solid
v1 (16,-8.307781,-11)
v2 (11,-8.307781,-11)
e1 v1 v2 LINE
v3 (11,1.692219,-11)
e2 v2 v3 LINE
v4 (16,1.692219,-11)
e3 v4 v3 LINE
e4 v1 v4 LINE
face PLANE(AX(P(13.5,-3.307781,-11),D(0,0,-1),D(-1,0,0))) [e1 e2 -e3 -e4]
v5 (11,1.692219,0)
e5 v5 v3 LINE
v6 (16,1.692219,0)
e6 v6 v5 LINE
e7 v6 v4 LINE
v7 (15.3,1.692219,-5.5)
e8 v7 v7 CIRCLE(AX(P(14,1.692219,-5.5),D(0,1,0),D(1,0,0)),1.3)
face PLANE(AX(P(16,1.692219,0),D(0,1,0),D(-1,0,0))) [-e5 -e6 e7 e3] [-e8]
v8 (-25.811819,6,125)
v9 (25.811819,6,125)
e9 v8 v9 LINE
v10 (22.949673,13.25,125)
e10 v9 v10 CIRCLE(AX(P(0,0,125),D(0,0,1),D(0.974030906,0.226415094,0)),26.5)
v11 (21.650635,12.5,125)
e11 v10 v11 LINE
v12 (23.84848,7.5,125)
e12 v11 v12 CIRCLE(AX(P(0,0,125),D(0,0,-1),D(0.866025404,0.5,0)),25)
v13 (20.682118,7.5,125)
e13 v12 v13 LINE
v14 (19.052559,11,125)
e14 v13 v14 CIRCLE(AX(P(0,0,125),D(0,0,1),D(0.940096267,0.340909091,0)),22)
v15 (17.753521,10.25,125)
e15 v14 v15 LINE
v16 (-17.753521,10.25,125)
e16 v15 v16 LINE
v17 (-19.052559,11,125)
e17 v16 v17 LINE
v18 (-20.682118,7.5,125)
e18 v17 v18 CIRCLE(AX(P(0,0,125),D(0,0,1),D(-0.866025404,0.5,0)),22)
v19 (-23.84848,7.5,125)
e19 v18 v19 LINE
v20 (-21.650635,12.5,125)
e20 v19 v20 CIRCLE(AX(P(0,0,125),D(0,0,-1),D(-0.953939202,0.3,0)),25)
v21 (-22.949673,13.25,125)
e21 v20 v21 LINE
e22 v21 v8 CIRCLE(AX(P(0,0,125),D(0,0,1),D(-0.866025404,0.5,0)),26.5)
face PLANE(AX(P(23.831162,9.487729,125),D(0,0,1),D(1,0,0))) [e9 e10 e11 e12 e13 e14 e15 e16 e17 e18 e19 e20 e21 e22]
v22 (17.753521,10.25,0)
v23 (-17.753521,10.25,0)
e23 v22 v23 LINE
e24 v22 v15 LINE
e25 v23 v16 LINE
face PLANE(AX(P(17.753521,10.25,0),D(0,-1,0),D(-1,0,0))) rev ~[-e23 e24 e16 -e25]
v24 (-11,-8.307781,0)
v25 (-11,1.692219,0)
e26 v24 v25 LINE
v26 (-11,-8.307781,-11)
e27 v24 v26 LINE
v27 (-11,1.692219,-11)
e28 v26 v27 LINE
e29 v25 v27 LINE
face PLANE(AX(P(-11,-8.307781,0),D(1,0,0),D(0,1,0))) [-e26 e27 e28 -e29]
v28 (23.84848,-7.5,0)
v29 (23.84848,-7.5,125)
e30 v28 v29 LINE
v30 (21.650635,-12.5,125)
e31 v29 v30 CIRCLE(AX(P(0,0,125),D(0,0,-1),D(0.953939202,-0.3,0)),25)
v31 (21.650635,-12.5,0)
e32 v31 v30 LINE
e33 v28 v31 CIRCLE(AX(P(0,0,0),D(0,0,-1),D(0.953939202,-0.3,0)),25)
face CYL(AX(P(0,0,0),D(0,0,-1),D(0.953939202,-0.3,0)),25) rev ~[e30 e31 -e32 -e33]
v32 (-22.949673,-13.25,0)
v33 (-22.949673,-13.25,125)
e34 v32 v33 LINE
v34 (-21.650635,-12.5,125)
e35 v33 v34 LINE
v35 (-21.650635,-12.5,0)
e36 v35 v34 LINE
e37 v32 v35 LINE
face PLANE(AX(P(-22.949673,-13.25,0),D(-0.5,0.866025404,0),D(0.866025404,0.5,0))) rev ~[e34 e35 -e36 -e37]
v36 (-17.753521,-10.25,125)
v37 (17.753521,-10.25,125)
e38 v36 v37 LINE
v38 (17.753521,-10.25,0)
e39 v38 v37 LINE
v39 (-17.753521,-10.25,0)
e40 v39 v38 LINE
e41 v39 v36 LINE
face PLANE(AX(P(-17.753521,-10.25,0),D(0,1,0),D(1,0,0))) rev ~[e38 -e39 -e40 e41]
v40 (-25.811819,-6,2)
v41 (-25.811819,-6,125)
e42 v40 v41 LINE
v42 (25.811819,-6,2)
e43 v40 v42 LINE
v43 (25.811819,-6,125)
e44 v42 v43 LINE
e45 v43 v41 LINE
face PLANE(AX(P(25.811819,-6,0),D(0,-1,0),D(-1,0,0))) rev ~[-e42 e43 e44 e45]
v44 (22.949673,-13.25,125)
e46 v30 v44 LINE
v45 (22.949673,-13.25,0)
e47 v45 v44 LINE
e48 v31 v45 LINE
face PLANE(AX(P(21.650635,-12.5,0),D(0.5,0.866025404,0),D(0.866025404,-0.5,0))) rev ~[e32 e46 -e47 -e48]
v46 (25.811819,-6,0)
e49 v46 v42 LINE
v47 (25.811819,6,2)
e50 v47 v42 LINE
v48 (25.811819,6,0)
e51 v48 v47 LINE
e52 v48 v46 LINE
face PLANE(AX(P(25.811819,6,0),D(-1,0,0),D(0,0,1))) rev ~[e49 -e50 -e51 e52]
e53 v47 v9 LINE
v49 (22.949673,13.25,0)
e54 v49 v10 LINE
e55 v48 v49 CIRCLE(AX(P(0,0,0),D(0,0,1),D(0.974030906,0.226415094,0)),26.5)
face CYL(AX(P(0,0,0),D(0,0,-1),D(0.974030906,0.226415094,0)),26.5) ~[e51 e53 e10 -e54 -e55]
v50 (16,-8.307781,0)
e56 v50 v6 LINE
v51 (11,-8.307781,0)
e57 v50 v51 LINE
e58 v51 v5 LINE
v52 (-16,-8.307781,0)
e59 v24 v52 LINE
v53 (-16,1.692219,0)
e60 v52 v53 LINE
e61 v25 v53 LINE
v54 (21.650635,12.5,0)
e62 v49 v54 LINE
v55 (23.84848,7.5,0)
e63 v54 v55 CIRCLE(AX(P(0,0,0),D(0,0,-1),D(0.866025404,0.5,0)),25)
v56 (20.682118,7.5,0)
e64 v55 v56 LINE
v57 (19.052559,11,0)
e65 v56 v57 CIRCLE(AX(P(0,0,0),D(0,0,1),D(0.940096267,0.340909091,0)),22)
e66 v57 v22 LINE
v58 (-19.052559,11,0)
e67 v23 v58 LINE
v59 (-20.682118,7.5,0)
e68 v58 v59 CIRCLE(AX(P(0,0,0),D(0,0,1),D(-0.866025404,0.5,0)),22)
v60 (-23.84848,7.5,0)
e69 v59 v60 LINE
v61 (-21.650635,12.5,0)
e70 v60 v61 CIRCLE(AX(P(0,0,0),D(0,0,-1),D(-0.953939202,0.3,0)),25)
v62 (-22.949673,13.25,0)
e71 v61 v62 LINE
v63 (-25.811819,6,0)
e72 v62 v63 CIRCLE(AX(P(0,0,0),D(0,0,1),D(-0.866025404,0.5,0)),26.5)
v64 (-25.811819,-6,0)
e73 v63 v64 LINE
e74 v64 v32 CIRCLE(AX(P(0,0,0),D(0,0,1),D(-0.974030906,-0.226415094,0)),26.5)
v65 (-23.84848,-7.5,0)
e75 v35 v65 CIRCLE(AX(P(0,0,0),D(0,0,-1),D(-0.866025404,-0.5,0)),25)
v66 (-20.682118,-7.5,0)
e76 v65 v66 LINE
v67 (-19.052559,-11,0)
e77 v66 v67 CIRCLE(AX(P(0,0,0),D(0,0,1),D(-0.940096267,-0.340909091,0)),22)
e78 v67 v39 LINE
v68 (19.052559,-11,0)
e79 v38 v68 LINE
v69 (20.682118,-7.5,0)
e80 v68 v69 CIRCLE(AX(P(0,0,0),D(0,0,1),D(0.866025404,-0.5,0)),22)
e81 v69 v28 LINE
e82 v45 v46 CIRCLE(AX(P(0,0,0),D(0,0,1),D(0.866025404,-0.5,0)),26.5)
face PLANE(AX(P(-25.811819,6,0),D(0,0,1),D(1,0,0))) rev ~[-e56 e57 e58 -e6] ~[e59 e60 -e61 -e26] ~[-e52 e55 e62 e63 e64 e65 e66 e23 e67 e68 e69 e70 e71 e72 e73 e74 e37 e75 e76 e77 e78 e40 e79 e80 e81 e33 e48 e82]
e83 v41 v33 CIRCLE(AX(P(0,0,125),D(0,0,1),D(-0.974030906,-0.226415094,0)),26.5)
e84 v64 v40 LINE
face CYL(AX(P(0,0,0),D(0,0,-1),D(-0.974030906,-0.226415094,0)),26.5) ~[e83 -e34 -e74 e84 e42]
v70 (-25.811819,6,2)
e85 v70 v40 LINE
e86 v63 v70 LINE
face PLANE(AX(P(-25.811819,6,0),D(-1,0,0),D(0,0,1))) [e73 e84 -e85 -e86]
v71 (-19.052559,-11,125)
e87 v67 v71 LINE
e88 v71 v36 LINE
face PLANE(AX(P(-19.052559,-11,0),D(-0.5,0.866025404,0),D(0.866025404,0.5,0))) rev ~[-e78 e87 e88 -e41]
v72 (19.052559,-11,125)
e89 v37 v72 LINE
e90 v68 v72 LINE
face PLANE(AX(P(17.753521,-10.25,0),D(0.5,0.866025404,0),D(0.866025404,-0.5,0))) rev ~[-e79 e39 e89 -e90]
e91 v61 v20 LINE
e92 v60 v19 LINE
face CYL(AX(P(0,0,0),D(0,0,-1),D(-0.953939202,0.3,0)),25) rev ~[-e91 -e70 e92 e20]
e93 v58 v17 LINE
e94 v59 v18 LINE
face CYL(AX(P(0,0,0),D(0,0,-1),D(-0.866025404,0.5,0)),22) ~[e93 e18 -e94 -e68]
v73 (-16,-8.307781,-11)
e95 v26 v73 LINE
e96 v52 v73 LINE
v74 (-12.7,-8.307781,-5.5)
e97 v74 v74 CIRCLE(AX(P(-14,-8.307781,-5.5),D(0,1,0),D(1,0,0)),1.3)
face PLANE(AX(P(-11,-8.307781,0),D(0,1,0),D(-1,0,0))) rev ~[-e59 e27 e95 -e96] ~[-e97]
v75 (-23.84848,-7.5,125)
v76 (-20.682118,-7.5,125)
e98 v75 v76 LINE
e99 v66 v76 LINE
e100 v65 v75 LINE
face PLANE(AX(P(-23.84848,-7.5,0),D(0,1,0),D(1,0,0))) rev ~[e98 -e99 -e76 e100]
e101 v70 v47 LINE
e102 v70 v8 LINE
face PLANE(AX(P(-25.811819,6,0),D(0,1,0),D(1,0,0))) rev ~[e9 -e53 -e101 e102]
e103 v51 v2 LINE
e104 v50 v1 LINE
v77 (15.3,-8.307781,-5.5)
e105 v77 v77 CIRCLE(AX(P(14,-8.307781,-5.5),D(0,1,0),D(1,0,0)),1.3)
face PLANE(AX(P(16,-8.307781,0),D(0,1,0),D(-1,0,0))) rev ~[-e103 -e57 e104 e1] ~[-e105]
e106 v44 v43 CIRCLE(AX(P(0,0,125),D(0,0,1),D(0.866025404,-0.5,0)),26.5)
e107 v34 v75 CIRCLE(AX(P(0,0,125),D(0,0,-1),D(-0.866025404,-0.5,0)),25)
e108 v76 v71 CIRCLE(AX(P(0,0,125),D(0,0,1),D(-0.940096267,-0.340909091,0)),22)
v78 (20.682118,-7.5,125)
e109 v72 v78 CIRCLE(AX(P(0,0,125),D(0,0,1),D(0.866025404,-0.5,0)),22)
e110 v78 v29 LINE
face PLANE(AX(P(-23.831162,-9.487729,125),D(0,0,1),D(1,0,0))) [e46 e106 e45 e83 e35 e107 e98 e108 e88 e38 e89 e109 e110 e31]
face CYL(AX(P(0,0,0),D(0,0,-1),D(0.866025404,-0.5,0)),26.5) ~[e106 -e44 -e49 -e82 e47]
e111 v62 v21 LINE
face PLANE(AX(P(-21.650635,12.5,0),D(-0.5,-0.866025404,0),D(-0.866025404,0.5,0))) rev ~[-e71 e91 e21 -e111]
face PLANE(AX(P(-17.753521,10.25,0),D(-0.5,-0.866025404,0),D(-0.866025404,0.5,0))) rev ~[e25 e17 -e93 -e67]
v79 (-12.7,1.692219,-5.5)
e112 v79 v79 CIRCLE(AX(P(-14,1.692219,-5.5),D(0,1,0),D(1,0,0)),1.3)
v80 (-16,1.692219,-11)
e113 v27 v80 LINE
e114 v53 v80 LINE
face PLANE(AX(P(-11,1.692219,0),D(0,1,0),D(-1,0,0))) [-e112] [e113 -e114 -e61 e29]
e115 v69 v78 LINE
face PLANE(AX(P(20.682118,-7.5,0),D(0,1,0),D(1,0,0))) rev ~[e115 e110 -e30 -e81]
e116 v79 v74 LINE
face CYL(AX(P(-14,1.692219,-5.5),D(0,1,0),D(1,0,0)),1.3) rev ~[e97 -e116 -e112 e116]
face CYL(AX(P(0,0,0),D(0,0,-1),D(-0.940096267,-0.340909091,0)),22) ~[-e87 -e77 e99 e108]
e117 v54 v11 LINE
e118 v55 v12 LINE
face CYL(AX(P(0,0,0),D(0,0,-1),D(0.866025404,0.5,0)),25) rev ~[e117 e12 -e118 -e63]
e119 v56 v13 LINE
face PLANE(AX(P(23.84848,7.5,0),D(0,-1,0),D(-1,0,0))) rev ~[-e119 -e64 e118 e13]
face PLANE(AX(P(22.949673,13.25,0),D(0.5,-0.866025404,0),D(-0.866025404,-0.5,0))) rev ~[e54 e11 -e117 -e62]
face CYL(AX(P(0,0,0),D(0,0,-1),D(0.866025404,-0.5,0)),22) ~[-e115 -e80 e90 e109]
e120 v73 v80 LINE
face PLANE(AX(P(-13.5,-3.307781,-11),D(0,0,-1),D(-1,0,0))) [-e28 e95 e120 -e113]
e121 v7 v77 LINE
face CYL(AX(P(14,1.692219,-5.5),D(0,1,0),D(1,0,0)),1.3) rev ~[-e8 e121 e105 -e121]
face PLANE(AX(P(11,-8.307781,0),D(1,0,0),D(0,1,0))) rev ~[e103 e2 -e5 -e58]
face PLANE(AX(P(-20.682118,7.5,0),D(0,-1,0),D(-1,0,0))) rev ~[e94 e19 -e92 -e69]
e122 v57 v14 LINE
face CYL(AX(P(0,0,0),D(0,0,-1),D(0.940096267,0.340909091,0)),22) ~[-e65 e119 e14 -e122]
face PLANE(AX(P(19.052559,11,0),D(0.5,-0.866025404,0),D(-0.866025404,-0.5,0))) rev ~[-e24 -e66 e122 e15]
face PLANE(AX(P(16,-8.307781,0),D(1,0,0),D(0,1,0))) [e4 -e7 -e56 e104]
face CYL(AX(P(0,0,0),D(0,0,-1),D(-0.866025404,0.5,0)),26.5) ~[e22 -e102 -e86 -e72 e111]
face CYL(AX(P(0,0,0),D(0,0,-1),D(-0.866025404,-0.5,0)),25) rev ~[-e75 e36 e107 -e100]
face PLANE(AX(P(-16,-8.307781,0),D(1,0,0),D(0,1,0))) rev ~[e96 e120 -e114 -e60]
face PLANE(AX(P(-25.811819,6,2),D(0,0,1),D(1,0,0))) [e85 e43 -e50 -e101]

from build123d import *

# Parameters (mm, degrees)
BOSS_EXTRUDE2_DEPTH = 125
SKETCH2_W           = 51.623637996
SKETCH2_H           = 2
BOSS_EXTRUDE3_DEPTH = 12
SKETCH3_W           = 5
SKETCH3_H           = 10
BOSS_EXTRUDE4_DEPTH = 11
CUT_EXTRUDE1_REACH  = 16.942
SKETCH4_R           = 1.3


with BuildPart() as part:
    # Model → Boss-Extrude2 (new body)
    with BuildSketch(Plane.XY):
        with BuildLine():
            ThreePointArc((25.811818998, 6), (24.648760727, 9.730806474), (22.9496732, 13.25))
            Line((22.9496732, 13.25), (21.650635095, 12.5))
            ThreePointArc((21.650635095, 12.5), (22.886510643, 10.060200326), (23.848480035, 7.5))
            ThreePointArc((23.848480035, 7.5), (24.070588339, 6.753278984), (24.269322199, 6))
            Line((24.269322199, 6), (25.811818998, 6))
        make_face()
        with BuildLine():
            ThreePointArc((24.269322199, 6), (24.070588339, 6.753278984), (23.848480035, 7.5))
            Line((23.848480035, 7.5), (23.323807579, 7.5))
            Line((23.323807579, 7.5), (21.213203436, 7.5))
            Line((21.213203436, 7.5), (20.68211788, 7.5))
            ThreePointArc((20.68211788, 7.5), (20.937501331, 6.754334757), (21.166010489, 6))
            Line((21.166010489, 6), (24.269322199, 6))
        make_face()
        with BuildLine():
            Line((19.602295784, 6), (21.166010489, 6))
            ThreePointArc((21.166010489, 6), (20.937501331, 6.754334757), (20.68211788, 7.5))
            ThreePointArc((20.68211788, 7.5), (19.944263194, 9.285815292), (19.052558883, 11))
            Line((19.052558883, 11), (17.753520778, 10.25))
            ThreePointArc((17.753520778, 10.25), (18.798401069, 8.177415072), (19.602295784, 6))
        make_face()
        with BuildLine():
            Line((10.392304845, 6), (19.602295784, 6))
            ThreePointArc((19.602295784, 6), (18.798401069, 8.177415072), (17.753520778, 10.25))
            Line((17.753520778, 10.25), (10.392304845, 6))
        make_face()
        Polygon((17.753520778, 10.25), (-17.753520778, 10.25), (-10.392304845, 6), (10.392304845, 6), align=None)
        with BuildLine():
            Line((-17.753520778, 10.25), (-19.052558883, 11))
            ThreePointArc((-19.052558883, 11), (-19.944263194, 9.285815292), (-20.68211788, 7.5))
            ThreePointArc((-20.68211788, 7.5), (-20.937501331, 6.754334757), (-21.166010489, 6))
            Line((-21.166010489, 6), (-19.602295784, 6))
            ThreePointArc((-19.602295784, 6), (-18.798401069, 8.177415072), (-17.753520778, 10.25))
        make_face()
        with BuildLine():
            Line((-21.213203436, 7.5), (-23.323807579, 7.5))
            ThreePointArc((-23.323807579, 7.5), (-23.550822597, 6.753425426), (-23.75394704, 6))
            Line((-23.75394704, 6), (-21.685248442, 6))
            ThreePointArc((-21.685248442, 6), (-21.462334295, 6.754125156), (-21.213203436, 7.5))
        make_face()
        with BuildLine():
            Line((-23.323807579, 7.5), (-23.848480035, 7.5))
            ThreePointArc((-23.848480035, 7.5), (-24.070588339, 6.753278984), (-24.269322199, 6))
            Line((-24.269322199, 6), (-23.75394704, 6))
            ThreePointArc((-23.75394704, 6), (-23.550822597, 6.753425426), (-23.323807579, 7.5))
        make_face()
        with BuildLine():
            Line((-20.68211788, 7.5), (-21.213203436, 7.5))
            ThreePointArc((-21.213203436, 7.5), (-21.462334295, 6.754125156), (-21.685248442, 6))
            Line((-21.685248442, 6), (-21.166010489, 6))
            ThreePointArc((-21.166010489, 6), (-20.937501331, 6.754334757), (-20.68211788, 7.5))
        make_face()
        with BuildLine():
            Line((-21.650635095, 12.5), (-22.9496732, 13.25))
            ThreePointArc((-22.9496732, 13.25), (-24.648760727, 9.730806474), (-25.811818998, 6))
            Line((-25.811818998, 6), (-24.269322199, 6))
            ThreePointArc((-24.269322199, 6), (-24.070588339, 6.753278984), (-23.848480035, 7.5))
            ThreePointArc((-23.848480035, 7.5), (-22.886510643, 10.060200326), (-21.650635095, 12.5))
        make_face()
        with BuildLine():
            Line((-10.392304845, 6), (-17.753520778, 10.25))
            ThreePointArc((-17.753520778, 10.25), (-18.798401069, 8.177415072), (-19.602295784, 6))
            Line((-19.602295784, 6), (-10.392304845, 6))
        make_face()
        with BuildLine():
            Line((-24.269322199, -6), (-25.811818998, -6))
            ThreePointArc((-25.811818998, -6), (-24.648760727, -9.730806474), (-22.9496732, -13.25))
            Line((-22.9496732, -13.25), (-21.650635095, -12.5))
            ThreePointArc((-21.650635095, -12.5), (-22.886510643, -10.060200326), (-23.848480035, -7.5))
            ThreePointArc((-23.848480035, -7.5), (-24.070588339, -6.753278984), (-24.269322199, -6))
        make_face()
        with BuildLine():
            Line((-23.75394704, -6), (-24.269322199, -6))
            ThreePointArc((-24.269322199, -6), (-24.070588339, -6.753278984), (-23.848480035, -7.5))
            Line((-23.848480035, -7.5), (-23.323807579, -7.5))
            ThreePointArc((-23.323807579, -7.5), (-23.550822597, -6.753425426), (-23.75394704, -6))
        make_face()
        with BuildLine():
            Line((-21.685248442, -6), (-23.75394704, -6))
            ThreePointArc((-23.75394704, -6), (-23.550822597, -6.753425426), (-23.323807579, -7.5))
            Line((-23.323807579, -7.5), (-21.213203436, -7.5))
            ThreePointArc((-21.213203436, -7.5), (-21.462334295, -6.754125156), (-21.685248442, -6))
        make_face()
        with BuildLine():
            Line((-21.166010489, -6), (-21.685248442, -6))
            ThreePointArc((-21.685248442, -6), (-21.462334295, -6.754125156), (-21.213203436, -7.5))
            Line((-21.213203436, -7.5), (-20.68211788, -7.5))
            ThreePointArc((-20.68211788, -7.5), (-20.937501331, -6.754334757), (-21.166010489, -6))
        make_face()
        with BuildLine():
            Line((-19.602295784, -6), (-21.166010489, -6))
            ThreePointArc((-21.166010489, -6), (-20.937501331, -6.754334757), (-20.68211788, -7.5))
            ThreePointArc((-20.68211788, -7.5), (-19.944263194, -9.285815292), (-19.052558883, -11))
            Line((-19.052558883, -11), (-17.753520778, -10.25))
            ThreePointArc((-17.753520778, -10.25), (-18.798401069, -8.177415072), (-19.602295784, -6))
        make_face()
        with BuildLine():
            Line((-17.753520778, -10.25), (-10.392304845, -6))
            Line((-10.392304845, -6), (-19.602295784, -6))
            ThreePointArc((-19.602295784, -6), (-18.798401069, -8.177415072), (-17.753520778, -10.25))
        make_face()
        Polygon((17.753520778, -10.25), (10.392304845, -6), (-10.392304845, -6), (-17.753520778, -10.25), align=None)
        with BuildLine():
            ThreePointArc((17.753520778, -10.25), (18.798401069, -8.177415072), (19.602295784, -6))
            Line((19.602295784, -6), (10.392304845, -6))
            Line((10.392304845, -6), (17.753520778, -10.25))
        make_face()
        with BuildLine():
            ThreePointArc((20.68211788, -7.5), (20.937501331, -6.754334757), (21.166010489, -6))
            Line((21.166010489, -6), (19.602295784, -6))
            ThreePointArc((19.602295784, -6), (18.798401069, -8.177415072), (17.753520778, -10.25))
            Line((17.753520778, -10.25), (19.052558883, -11))
            ThreePointArc((19.052558883, -11), (19.944263194, -9.285815292), (20.68211788, -7.5))
        make_face()
        with BuildLine():
            ThreePointArc((23.848480035, -7.5), (24.070588339, -6.753278984), (24.269322199, -6))
            Line((24.269322199, -6), (21.166010489, -6))
            ThreePointArc((21.166010489, -6), (20.937501331, -6.754334757), (20.68211788, -7.5))
            Line((20.68211788, -7.5), (21.213203436, -7.5))
            Line((21.213203436, -7.5), (23.323807579, -7.5))
            Line((23.323807579, -7.5), (23.848480035, -7.5))
        make_face()
        with BuildLine():
            ThreePointArc((22.9496732, -13.25), (24.648760727, -9.730806474), (25.811818998, -6))
            Line((25.811818998, -6), (24.269322199, -6))
            ThreePointArc((24.269322199, -6), (24.070588339, -6.753278984), (23.848480035, -7.5))
            ThreePointArc((23.848480035, -7.5), (22.886510643, -10.060200326), (21.650635095, -12.5))
            Line((21.650635095, -12.5), (22.9496732, -13.25))
        make_face()
    extrude(amount=BOSS_EXTRUDE2_DEPTH)

    # Sketch2 → Boss-Extrude3 (add)
    with BuildSketch(Plane.XZ.offset(-6)):
        with Locations((0, 1)):
            Rectangle(SKETCH2_W, SKETCH2_H)
    extrude(amount=BOSS_EXTRUDE3_DEPTH)

    # Sketch3 → Boss-Extrude4 (add)
    with BuildSketch(Plane(origin=(0, 0, 0), x_dir=(-1, 0, 0), z_dir=(0, 0, -1))):
        with Locations((-13.5, -3.307781384)):
            Rectangle(SKETCH3_W, SKETCH3_H)
        with Locations((13.5, -3.307781384)):
            Rectangle(SKETCH3_W, SKETCH3_H)
    extrude(amount=BOSS_EXTRUDE4_DEPTH)

    # Sketch4 → Cut-Extrude1 (cut, up to next)
    with BuildSketch(Plane(origin=(0, 1.692218616, 0), x_dir=(1, 0, 0), z_dir=(0, 1, 0)), mode=Mode.PRIVATE) as cut_extrude1_sk1:
        with Locations((14, 5.5)):
            Circle(SKETCH4_R)
    cut_extrude1_tool1 = extrude(cut_extrude1_sk1.sketch, amount=-CUT_EXTRUDE1_REACH, mode=Mode.PRIVATE) & part.part
    add(cut_extrude1_tool1.solids().sort_by_distance((14, 1.692219, -5.5))[0], mode=Mode.SUBTRACT)
    # Sketch4 → Cut-Extrude1 (cut, up to next)
    with BuildSketch(Plane(origin=(0, 1.692218616, 0), x_dir=(1, 0, 0), z_dir=(0, 1, 0)), mode=Mode.PRIVATE) as cut_extrude1_sk2:
        with Locations((-14, 5.5)):
            Circle(SKETCH4_R)
    cut_extrude1_tool2 = extrude(cut_extrude1_sk2.sketch, amount=-CUT_EXTRUDE1_REACH, mode=Mode.PRIVATE) & part.part
    add(cut_extrude1_tool2.solids().sort_by_distance((-14, 1.692219, -5.5))[0], mode=Mode.SUBTRACT)


solid = part.part
